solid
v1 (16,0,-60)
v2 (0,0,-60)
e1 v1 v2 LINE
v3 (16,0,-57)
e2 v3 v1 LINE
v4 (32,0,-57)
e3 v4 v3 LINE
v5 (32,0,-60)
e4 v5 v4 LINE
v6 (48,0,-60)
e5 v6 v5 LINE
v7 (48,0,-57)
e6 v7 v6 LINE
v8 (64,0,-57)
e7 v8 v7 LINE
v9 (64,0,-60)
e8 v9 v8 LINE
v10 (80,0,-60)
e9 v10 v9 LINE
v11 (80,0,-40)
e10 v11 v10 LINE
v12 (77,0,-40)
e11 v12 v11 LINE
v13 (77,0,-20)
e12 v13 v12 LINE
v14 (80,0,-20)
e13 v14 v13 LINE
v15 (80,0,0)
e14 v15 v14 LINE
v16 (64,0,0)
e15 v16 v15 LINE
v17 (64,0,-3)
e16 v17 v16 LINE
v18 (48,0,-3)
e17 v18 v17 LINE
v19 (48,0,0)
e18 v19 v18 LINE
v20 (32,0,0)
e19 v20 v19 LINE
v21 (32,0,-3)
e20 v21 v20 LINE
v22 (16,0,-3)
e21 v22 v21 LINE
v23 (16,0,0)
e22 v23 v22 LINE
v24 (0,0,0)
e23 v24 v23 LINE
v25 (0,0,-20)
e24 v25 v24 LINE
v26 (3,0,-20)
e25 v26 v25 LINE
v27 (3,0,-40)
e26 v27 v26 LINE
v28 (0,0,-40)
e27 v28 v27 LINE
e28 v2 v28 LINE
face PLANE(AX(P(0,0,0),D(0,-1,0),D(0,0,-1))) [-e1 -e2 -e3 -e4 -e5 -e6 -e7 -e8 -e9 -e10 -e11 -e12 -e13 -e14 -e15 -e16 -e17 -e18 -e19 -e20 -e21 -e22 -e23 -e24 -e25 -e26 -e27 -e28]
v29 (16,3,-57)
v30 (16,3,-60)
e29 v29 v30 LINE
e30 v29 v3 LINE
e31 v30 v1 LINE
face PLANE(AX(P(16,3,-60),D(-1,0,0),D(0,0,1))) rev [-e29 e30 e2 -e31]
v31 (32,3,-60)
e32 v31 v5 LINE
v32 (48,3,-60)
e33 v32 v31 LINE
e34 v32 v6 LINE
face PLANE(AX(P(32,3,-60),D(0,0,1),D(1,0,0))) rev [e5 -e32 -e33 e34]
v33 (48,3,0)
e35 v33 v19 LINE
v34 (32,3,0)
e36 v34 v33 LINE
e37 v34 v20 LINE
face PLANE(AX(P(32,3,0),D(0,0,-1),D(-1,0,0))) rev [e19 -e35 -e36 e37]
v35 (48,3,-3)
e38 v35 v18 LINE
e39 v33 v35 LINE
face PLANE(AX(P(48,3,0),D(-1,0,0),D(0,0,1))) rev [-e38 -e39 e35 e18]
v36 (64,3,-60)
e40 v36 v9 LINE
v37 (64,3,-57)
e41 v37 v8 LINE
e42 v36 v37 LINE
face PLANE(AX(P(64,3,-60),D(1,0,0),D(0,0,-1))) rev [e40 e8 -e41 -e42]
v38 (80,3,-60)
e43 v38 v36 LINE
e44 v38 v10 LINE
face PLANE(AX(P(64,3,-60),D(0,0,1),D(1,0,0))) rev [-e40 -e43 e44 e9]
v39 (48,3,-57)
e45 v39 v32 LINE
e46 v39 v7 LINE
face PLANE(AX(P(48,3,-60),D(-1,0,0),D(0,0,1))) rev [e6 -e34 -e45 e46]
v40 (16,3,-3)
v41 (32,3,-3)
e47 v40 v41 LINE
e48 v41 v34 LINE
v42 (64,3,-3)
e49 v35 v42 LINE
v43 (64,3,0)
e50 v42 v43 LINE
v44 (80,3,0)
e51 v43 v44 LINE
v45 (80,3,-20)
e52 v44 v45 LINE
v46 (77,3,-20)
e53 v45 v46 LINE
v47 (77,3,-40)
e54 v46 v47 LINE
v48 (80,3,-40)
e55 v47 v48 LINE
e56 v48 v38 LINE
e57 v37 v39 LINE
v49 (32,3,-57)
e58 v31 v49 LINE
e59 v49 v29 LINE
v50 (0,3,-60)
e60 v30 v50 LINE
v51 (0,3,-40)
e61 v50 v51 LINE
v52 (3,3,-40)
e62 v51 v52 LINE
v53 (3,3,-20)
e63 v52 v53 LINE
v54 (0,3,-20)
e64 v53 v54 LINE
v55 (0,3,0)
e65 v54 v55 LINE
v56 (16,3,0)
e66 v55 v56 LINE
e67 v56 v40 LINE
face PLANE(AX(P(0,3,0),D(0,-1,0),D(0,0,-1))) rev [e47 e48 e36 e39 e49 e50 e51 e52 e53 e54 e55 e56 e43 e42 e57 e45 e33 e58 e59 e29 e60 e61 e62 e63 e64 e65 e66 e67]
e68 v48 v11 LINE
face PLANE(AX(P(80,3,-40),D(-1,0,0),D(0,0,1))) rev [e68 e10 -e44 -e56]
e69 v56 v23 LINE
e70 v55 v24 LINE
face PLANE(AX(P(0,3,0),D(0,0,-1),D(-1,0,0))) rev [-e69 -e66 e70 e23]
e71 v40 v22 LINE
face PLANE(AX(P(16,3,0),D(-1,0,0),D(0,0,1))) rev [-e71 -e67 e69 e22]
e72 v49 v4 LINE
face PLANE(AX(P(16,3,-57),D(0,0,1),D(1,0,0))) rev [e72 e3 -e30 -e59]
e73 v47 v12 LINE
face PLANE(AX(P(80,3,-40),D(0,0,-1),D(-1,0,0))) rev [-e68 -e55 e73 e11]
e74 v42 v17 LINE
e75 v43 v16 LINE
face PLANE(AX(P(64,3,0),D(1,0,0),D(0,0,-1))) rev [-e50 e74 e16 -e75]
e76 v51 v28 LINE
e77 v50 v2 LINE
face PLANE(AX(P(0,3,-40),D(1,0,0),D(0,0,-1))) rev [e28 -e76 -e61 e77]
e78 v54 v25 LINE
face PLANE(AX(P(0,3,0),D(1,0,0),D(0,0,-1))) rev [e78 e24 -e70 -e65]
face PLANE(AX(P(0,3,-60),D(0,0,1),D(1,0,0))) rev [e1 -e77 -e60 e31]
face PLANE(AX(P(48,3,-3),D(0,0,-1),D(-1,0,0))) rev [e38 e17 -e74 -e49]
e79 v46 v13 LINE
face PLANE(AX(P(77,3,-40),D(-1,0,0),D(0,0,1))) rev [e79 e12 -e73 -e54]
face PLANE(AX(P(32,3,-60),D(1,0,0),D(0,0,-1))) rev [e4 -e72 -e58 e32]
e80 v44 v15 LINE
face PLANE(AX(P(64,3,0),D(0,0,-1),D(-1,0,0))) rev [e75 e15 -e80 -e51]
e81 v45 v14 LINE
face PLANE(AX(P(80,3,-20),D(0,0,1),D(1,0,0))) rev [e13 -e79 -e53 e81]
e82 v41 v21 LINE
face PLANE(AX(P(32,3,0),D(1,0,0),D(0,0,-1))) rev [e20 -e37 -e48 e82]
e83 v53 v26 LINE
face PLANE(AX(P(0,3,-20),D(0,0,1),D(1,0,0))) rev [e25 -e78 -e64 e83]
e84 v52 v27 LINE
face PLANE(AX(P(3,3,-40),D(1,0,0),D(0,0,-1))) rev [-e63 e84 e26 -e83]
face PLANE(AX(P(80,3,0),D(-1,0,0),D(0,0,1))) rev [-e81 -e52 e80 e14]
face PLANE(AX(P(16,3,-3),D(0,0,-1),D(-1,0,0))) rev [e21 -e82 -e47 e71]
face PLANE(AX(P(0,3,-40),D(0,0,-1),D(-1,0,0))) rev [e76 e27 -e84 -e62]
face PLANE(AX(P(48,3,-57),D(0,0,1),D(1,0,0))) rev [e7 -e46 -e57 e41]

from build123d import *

# Parameters (mm, degrees)
TOP_AND_BOTTOM_EXTRUDED_DEPTH = 3


with BuildPart() as part:
    # Top and Bottom → Top and Bottom Extruded (new body)
    with BuildSketch(Plane(origin=(0, 0, 0), x_dir=(1, 0, 0), z_dir=(0, 1, 0))):
        Polygon((32, 60), (48, 60), (48, 57), (64, 57), (64, 60), (80, 60), (80, 40), (77, 40), (77, 20), (80, 20), (80, 0), (64, 0), (64, 3), (48, 3), (48, 0), (32, 0), (32, 3), (16, 3), (16, 0), (0, 0), (0, 20), (3, 20), (3, 40), (0, 40), (0, 60), (16, 60), (16, 57), (32, 57), align=None)
    extrude(amount=TOP_AND_BOTTOM_EXTRUDED_DEPTH)


solid = part.part
